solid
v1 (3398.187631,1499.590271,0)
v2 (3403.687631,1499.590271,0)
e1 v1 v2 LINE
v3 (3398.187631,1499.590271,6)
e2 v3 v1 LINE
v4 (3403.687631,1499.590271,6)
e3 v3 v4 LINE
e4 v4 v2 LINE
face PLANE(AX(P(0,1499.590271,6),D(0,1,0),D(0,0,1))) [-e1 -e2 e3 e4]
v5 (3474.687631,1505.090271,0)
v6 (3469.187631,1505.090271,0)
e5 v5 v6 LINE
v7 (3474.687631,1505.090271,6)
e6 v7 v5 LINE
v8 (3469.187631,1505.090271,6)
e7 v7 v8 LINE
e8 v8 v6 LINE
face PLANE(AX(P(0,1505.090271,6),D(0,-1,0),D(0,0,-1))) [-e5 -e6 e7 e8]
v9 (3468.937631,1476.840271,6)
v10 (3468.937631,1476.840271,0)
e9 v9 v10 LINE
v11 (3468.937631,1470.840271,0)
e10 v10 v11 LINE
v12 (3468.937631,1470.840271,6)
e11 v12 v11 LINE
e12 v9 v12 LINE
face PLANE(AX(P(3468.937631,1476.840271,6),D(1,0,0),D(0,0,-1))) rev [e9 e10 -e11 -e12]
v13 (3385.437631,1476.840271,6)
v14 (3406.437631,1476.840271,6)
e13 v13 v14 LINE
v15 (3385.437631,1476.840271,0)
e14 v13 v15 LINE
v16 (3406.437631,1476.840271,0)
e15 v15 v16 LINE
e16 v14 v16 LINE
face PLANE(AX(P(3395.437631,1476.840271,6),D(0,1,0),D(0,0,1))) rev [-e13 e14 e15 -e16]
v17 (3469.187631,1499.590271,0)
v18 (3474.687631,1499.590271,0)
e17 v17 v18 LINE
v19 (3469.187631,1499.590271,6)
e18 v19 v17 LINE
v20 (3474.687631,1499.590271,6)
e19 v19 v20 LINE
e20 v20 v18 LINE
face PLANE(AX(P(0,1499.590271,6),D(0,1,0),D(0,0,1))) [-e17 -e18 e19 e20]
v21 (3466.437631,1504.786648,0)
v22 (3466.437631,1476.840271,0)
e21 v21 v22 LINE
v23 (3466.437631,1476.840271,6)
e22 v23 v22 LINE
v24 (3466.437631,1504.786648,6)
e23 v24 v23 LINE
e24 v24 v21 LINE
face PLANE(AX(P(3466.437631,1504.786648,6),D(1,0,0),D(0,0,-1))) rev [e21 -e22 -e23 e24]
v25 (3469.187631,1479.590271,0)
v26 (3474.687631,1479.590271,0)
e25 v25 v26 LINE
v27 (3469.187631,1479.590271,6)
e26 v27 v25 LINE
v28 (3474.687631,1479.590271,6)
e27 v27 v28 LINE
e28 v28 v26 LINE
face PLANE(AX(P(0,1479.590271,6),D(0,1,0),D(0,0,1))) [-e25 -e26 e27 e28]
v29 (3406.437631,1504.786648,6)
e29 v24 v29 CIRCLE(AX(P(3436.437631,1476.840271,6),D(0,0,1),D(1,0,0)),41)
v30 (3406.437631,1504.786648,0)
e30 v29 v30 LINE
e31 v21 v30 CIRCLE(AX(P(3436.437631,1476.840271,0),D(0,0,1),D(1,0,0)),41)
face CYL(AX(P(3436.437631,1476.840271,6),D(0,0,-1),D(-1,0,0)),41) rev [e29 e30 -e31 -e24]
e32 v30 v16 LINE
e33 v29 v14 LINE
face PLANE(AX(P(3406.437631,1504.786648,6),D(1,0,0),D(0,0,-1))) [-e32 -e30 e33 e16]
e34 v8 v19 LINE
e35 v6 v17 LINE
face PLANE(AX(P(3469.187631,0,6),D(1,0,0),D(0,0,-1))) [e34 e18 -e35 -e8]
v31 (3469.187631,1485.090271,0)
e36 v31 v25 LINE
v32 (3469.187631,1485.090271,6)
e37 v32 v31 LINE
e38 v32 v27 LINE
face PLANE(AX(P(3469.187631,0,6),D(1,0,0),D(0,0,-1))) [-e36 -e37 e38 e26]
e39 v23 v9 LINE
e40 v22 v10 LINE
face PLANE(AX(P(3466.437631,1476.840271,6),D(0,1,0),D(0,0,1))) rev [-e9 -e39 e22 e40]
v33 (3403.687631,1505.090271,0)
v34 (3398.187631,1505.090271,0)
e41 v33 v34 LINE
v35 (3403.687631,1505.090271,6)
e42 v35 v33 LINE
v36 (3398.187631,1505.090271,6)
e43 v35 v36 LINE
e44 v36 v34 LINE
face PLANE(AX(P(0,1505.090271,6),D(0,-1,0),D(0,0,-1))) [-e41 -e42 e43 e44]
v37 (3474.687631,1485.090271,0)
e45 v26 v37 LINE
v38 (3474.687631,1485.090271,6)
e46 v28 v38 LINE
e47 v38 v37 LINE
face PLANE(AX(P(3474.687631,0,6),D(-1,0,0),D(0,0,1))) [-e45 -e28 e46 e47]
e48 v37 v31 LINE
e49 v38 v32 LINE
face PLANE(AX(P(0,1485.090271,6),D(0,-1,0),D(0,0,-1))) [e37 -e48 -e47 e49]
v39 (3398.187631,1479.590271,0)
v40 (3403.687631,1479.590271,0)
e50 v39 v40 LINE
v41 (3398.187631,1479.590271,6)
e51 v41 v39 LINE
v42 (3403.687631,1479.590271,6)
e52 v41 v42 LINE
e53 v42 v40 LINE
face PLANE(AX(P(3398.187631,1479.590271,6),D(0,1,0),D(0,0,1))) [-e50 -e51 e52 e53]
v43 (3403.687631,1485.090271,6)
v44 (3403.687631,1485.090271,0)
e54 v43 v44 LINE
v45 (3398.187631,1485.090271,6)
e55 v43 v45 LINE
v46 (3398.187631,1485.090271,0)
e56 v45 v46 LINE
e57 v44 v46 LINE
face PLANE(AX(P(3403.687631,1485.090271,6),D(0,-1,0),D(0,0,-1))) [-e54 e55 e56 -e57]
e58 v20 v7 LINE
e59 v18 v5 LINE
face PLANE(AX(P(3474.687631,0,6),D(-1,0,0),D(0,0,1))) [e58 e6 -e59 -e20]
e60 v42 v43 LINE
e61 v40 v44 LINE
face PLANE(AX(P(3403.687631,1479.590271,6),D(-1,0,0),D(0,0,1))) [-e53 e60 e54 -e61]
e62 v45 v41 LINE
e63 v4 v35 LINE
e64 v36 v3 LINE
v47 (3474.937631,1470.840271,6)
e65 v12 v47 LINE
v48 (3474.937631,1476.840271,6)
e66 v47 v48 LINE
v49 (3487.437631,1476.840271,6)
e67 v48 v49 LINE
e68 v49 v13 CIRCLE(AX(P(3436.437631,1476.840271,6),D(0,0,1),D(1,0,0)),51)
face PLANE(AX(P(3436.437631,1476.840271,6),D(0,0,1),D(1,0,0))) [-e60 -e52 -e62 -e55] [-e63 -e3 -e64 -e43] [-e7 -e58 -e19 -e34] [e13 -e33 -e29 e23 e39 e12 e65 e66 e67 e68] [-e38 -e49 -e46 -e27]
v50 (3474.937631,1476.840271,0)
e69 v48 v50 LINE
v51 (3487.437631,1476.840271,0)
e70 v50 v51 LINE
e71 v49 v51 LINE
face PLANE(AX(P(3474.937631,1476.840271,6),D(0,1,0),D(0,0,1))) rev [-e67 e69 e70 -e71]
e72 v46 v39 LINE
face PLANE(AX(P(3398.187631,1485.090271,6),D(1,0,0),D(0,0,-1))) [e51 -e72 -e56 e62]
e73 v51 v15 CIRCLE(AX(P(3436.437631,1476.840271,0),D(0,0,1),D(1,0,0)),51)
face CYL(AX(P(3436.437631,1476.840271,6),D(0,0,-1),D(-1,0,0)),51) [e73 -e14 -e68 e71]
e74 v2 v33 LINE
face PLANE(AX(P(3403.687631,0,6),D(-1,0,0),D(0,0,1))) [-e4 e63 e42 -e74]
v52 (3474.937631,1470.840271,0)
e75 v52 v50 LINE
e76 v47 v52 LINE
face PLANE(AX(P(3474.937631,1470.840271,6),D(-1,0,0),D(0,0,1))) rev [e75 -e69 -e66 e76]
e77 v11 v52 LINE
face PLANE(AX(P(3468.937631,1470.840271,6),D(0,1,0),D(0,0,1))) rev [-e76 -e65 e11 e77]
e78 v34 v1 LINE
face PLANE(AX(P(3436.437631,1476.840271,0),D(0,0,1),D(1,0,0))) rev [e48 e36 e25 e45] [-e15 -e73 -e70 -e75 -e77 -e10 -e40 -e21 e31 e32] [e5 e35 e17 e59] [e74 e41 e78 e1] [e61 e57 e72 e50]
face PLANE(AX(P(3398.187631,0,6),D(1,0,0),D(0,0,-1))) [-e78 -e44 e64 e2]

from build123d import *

# Parameters (mm, degrees)
MODEL_W             = 5.5
MODEL_H             = 5.5
BOSS_EXTRUDE1_DEPTH = 6


with BuildPart() as part:
    # Model → Boss-Extrude1 (new body)
    with BuildSketch(Plane.XY):
        with BuildLine():
            Line((3385.437630562, 1476.840270732), (3395.437630562, 1476.840270732))
            Line((3395.437630562, 1476.840270732), (3406.437630562, 1476.840270732))
            Line((3406.437630562, 1476.840270732), (3406.437630562, 1504.786647956))
            ThreePointArc((3406.437630562, 1504.786647956), (3436.437630562, 1517.840270732), (3466.437630562, 1504.786647956))
            Line((3466.437630562, 1504.786647956), (3466.437630562, 1476.840270732))
            Line((3466.437630562, 1476.840270732), (3468.937630562, 1476.840270732))
            Line((3468.937630562, 1476.840270732), (3468.937630562, 1470.840270732))
            Line((3468.937630562, 1470.840270732), (3474.937630562, 1470.840270732))
            Line((3474.937630562, 1470.840270732), (3474.937630562, 1476.840270732))
            Line((3474.937630562, 1476.840270732), (3487.437630562, 1476.840270732))
            ThreePointArc((3487.437630562, 1476.840270732), (3436.437630562, 1527.840270732), (3385.437630562, 1476.840270732))
        make_face()
        with Locations((3471.937630562, 1482.340270732)):
            Rectangle(MODEL_W, MODEL_H, mode=Mode.SUBTRACT)
        with Locations((3471.937630562, 1502.340270732)):
            Rectangle(MODEL_W, MODEL_H, mode=Mode.SUBTRACT)
        with Locations((3400.937630562, 1482.340270732)):
            Rectangle(MODEL_W, MODEL_H, mode=Mode.SUBTRACT)
        with Locations((3400.937630562, 1502.340270732)):
            Rectangle(MODEL_W, MODEL_H, mode=Mode.SUBTRACT)
    extrude(amount=BOSS_EXTRUDE1_DEPTH)


solid = part.part
